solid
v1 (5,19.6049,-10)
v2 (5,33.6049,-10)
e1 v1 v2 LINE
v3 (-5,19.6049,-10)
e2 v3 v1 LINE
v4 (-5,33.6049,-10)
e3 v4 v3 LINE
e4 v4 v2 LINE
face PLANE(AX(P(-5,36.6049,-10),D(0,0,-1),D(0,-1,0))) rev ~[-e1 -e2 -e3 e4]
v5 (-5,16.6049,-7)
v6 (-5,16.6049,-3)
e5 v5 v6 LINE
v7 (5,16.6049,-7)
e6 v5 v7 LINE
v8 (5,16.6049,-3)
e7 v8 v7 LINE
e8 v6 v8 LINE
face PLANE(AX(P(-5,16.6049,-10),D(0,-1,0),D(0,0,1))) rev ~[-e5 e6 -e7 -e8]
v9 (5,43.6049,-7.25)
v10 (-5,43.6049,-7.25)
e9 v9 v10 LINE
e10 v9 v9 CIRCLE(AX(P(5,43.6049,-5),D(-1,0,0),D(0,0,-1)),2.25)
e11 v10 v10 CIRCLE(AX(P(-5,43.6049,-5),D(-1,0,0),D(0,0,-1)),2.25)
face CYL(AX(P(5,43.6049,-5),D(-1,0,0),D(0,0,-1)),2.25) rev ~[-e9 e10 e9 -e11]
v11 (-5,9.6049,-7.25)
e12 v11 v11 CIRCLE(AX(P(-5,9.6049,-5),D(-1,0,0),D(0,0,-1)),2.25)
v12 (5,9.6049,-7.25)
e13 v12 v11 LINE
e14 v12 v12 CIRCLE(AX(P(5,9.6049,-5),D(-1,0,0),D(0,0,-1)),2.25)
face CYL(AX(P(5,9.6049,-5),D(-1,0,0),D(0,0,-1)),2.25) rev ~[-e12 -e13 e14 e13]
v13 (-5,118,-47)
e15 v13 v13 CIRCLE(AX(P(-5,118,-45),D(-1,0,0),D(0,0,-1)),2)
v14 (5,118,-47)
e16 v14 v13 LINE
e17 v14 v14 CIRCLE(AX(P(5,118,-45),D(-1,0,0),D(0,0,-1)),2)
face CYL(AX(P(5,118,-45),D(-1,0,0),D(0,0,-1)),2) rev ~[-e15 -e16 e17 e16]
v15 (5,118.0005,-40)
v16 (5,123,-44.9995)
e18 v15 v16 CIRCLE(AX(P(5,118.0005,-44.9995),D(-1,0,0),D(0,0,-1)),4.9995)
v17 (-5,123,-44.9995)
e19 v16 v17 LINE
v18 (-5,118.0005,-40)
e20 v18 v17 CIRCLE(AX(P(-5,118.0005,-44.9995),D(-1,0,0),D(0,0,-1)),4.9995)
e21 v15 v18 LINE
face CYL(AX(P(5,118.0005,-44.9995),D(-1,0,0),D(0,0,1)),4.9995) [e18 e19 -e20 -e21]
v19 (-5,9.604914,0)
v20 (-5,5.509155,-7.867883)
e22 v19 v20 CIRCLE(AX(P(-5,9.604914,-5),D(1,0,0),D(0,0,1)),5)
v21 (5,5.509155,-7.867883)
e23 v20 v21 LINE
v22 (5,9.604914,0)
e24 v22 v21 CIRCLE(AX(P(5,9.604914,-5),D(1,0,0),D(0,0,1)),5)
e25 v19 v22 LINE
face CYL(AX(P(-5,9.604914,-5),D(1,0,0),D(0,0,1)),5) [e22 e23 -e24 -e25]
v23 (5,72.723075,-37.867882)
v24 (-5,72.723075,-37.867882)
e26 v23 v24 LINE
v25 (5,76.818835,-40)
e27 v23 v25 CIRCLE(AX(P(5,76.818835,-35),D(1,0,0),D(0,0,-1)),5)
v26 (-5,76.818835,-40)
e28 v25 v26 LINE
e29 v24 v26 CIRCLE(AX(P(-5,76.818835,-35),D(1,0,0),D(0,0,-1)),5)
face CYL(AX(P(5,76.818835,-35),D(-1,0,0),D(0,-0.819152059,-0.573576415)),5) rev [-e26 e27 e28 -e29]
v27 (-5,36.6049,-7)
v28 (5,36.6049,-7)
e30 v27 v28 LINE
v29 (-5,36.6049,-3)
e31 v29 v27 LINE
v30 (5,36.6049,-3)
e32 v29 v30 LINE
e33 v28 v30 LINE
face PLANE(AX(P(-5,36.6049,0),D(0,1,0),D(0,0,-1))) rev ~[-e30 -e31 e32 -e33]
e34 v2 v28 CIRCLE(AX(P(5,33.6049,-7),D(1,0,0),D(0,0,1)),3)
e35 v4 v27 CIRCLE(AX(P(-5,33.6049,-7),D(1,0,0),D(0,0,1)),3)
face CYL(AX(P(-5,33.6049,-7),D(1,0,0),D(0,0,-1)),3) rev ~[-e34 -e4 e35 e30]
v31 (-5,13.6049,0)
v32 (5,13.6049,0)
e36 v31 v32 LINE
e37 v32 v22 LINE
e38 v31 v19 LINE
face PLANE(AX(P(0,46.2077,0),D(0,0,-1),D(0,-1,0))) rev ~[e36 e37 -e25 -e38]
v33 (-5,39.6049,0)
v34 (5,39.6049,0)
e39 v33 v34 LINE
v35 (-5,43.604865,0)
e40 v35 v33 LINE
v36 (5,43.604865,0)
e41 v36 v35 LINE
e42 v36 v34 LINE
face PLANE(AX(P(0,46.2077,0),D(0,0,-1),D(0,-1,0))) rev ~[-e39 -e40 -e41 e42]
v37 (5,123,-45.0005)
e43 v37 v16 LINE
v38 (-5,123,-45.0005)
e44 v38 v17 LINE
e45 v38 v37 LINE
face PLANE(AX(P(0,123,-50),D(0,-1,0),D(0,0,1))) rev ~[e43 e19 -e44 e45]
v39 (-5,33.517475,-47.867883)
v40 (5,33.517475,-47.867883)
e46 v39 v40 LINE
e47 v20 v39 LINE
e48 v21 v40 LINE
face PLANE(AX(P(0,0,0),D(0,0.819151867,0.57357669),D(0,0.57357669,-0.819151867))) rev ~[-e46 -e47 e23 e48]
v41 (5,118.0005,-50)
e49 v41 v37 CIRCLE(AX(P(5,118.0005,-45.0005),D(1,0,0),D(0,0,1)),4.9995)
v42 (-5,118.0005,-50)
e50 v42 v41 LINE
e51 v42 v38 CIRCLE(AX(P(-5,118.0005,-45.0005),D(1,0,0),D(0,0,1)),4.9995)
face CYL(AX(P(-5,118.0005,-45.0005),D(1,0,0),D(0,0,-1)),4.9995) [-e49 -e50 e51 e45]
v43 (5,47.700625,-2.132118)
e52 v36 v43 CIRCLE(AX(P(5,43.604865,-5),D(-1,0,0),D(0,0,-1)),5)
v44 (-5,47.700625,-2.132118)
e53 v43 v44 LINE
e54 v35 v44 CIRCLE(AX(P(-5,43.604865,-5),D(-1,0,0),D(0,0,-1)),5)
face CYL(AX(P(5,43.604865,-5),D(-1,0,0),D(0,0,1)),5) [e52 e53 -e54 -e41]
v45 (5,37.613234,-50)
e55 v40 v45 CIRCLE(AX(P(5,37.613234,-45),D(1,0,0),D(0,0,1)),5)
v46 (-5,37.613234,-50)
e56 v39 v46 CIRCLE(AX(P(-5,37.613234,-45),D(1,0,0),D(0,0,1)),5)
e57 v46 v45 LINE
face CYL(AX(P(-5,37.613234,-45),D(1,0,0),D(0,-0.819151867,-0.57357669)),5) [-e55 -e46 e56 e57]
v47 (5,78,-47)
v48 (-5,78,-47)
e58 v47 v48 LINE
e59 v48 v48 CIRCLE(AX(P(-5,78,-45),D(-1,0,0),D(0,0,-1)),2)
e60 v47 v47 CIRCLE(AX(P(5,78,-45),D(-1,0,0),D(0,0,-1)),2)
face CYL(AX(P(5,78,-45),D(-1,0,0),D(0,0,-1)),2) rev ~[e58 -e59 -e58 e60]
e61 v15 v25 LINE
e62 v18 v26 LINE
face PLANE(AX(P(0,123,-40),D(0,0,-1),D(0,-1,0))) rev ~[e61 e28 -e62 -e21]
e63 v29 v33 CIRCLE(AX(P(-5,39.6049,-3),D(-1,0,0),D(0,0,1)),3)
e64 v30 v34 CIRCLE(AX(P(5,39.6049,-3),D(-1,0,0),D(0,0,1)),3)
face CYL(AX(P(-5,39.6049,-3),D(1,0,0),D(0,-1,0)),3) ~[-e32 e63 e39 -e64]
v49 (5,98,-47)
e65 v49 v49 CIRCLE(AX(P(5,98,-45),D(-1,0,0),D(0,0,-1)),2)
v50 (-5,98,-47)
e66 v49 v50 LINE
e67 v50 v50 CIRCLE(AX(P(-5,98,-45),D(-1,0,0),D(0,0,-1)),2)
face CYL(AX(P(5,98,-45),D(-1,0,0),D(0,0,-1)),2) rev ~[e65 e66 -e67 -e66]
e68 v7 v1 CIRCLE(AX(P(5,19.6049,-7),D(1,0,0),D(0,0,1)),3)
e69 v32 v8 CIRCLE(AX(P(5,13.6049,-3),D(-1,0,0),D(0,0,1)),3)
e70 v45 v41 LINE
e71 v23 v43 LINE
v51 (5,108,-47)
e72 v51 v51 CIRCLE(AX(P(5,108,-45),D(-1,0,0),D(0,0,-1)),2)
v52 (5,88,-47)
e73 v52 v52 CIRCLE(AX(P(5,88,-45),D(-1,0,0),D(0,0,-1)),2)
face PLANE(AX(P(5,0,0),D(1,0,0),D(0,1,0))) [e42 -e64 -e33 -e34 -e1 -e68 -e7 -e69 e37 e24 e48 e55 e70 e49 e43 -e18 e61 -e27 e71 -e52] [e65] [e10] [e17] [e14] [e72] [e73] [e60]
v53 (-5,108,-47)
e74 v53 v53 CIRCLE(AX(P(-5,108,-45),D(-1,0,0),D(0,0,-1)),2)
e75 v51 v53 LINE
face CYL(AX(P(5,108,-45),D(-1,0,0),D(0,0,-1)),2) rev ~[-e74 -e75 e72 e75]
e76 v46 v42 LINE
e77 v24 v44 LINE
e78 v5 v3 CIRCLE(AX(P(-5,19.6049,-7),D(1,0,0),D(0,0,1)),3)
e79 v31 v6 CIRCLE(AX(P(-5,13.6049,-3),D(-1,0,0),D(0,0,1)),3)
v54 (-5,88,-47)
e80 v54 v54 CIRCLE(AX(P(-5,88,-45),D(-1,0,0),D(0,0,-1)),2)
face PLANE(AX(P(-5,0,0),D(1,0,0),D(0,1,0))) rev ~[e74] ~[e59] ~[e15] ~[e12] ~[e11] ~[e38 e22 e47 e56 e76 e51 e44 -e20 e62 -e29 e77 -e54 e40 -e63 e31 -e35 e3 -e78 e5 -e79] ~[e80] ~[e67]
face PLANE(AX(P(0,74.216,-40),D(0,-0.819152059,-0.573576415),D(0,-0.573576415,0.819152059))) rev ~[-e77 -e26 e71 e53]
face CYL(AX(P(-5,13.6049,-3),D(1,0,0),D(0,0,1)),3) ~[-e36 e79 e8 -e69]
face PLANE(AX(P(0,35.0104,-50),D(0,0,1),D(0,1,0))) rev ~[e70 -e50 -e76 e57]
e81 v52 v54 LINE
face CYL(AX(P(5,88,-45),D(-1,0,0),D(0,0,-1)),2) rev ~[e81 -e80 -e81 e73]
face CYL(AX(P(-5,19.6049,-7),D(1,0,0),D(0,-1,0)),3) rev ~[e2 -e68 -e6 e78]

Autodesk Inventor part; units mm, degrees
ref_plane "YZ Plane" through (0, 0, 0) normal (1, 0, 0) x (0, 1, 0)
ref_plane "XZ Plane" through (0, 0, 0) normal (0, 1, 0) x (-1, 0, 0)
ref_plane "XY Plane" through (0, 0, 0) normal (0, 0, 1) x (1, 0, 0)
sketch "スケッチ1" plane through (0, 0, 0) normal (1, 0, 0) x (0, 1, 0)
  line L0 (0, 0) -> (35.0104, -50)
  line L1 (35.0104, -50) -> (123, -50)
  line L2 (123, -50) -> (123, -40)
  line L3 (123, -40) -> (74.216, -40)
  line L4 (74.216, -40) -> (46.2077, 0)
  line L5 (46.2077, 0) -> (0, 0)
  line L6 (0, 10) -> (0, -60) projected
  point P0 (9.6049, -5)
  point P1 (43.6049, -5)
  dimension "d1" = 35
  dimension "d2" = 10
  dimension "d3" = 123
  dimension "d4" = 50
  dimension "d19" = 5
  dimension "d20" = 5
  dimension "d21" = 5
  dimension "d22" = 5
  dimension "d23" = 34
extrude "押し出し1" add sketch "スケッチ1" along normal mid plane 10
sketch "スケッチ2" plane through (5, 0, 0) normal (1, 0, 0) x (0, 0, -1)
  line L0 (0, 46.2077) -> (0, 0) projected
  line L1 (0, 0) -> (50, 35.0104) projected
  point P0 (5, 43.6049)
  point P1 (5, 9.6049)
  dimension "d9" = 5
  dimension "d10" = 5
  dimension "d11" = 34
hole "穴1" at (5, 43.6049, -5) at (5, 9.6049, -5) direction (-1, 0, 0) diameter 4.5 end through all clearance for "Flat Head Machine Screw" size "M4" standard "Ansi Metric M Profile"
fillet "フィレット1" radius 5 4 edges at (0, 74.216, -40) (0, 46.2077, 0) (0, 0, 0) (0, 35.0104, -50)
fillet "フィレット2" radius 5 2 edges at (0, 123, -40) (0, 123, -50)
sketch "スケッチ3" plane through (5, 0, 0) normal (1, 0, 0) x (0, 0, -1)
  arc A0 (50, 118) -> (40, 118) centre (45, 118) ccw projected
  point P0 (0, 0)
hole "穴2" at (5, 118, -45) direction (-1, 0, 0) diameter 4 end through all
pattern_linear "矩形状パターン1" count 5 spacing 10 along (0, -1, 0) of "穴2"
sketch "スケッチ4" plane through (-5, 0, 0) normal (-1, 0, 0) x (0, 0, 1)
  line L0 (0, 36.6049) -> (-10, 36.6049)
  line L1 (-10, 36.6049) -> (-10, 16.6049)
  line L2 (-10, 16.6049) -> (0, 16.6049)
  line L3 (0, 16.6049) -> (0, 36.6049)
  line L4 (0, 9.6049) -> (0, 43.6049) projected
  circle A0 centre (-5, 43.6049) radius 2.25 projected
  circle A1 centre (-5, 9.6049) radius 2.25 projected
  point P0 (0, 0)
  dimension "d38" = 10
  dimension "d39" = 7
  dimension "d40" = 7
extrude "押し出し2" cut sketch "スケッチ4" against normal through all contours L3 L2 L1 L0
fillet "フィレット3" radius 3 4 edges at (0, 36.6049, 0) (0, 36.6049, -10) (0, 16.6049, -10) (0, 16.6049, 0)
properties part number "shooter_base8[" material "ABS プラスチック"
